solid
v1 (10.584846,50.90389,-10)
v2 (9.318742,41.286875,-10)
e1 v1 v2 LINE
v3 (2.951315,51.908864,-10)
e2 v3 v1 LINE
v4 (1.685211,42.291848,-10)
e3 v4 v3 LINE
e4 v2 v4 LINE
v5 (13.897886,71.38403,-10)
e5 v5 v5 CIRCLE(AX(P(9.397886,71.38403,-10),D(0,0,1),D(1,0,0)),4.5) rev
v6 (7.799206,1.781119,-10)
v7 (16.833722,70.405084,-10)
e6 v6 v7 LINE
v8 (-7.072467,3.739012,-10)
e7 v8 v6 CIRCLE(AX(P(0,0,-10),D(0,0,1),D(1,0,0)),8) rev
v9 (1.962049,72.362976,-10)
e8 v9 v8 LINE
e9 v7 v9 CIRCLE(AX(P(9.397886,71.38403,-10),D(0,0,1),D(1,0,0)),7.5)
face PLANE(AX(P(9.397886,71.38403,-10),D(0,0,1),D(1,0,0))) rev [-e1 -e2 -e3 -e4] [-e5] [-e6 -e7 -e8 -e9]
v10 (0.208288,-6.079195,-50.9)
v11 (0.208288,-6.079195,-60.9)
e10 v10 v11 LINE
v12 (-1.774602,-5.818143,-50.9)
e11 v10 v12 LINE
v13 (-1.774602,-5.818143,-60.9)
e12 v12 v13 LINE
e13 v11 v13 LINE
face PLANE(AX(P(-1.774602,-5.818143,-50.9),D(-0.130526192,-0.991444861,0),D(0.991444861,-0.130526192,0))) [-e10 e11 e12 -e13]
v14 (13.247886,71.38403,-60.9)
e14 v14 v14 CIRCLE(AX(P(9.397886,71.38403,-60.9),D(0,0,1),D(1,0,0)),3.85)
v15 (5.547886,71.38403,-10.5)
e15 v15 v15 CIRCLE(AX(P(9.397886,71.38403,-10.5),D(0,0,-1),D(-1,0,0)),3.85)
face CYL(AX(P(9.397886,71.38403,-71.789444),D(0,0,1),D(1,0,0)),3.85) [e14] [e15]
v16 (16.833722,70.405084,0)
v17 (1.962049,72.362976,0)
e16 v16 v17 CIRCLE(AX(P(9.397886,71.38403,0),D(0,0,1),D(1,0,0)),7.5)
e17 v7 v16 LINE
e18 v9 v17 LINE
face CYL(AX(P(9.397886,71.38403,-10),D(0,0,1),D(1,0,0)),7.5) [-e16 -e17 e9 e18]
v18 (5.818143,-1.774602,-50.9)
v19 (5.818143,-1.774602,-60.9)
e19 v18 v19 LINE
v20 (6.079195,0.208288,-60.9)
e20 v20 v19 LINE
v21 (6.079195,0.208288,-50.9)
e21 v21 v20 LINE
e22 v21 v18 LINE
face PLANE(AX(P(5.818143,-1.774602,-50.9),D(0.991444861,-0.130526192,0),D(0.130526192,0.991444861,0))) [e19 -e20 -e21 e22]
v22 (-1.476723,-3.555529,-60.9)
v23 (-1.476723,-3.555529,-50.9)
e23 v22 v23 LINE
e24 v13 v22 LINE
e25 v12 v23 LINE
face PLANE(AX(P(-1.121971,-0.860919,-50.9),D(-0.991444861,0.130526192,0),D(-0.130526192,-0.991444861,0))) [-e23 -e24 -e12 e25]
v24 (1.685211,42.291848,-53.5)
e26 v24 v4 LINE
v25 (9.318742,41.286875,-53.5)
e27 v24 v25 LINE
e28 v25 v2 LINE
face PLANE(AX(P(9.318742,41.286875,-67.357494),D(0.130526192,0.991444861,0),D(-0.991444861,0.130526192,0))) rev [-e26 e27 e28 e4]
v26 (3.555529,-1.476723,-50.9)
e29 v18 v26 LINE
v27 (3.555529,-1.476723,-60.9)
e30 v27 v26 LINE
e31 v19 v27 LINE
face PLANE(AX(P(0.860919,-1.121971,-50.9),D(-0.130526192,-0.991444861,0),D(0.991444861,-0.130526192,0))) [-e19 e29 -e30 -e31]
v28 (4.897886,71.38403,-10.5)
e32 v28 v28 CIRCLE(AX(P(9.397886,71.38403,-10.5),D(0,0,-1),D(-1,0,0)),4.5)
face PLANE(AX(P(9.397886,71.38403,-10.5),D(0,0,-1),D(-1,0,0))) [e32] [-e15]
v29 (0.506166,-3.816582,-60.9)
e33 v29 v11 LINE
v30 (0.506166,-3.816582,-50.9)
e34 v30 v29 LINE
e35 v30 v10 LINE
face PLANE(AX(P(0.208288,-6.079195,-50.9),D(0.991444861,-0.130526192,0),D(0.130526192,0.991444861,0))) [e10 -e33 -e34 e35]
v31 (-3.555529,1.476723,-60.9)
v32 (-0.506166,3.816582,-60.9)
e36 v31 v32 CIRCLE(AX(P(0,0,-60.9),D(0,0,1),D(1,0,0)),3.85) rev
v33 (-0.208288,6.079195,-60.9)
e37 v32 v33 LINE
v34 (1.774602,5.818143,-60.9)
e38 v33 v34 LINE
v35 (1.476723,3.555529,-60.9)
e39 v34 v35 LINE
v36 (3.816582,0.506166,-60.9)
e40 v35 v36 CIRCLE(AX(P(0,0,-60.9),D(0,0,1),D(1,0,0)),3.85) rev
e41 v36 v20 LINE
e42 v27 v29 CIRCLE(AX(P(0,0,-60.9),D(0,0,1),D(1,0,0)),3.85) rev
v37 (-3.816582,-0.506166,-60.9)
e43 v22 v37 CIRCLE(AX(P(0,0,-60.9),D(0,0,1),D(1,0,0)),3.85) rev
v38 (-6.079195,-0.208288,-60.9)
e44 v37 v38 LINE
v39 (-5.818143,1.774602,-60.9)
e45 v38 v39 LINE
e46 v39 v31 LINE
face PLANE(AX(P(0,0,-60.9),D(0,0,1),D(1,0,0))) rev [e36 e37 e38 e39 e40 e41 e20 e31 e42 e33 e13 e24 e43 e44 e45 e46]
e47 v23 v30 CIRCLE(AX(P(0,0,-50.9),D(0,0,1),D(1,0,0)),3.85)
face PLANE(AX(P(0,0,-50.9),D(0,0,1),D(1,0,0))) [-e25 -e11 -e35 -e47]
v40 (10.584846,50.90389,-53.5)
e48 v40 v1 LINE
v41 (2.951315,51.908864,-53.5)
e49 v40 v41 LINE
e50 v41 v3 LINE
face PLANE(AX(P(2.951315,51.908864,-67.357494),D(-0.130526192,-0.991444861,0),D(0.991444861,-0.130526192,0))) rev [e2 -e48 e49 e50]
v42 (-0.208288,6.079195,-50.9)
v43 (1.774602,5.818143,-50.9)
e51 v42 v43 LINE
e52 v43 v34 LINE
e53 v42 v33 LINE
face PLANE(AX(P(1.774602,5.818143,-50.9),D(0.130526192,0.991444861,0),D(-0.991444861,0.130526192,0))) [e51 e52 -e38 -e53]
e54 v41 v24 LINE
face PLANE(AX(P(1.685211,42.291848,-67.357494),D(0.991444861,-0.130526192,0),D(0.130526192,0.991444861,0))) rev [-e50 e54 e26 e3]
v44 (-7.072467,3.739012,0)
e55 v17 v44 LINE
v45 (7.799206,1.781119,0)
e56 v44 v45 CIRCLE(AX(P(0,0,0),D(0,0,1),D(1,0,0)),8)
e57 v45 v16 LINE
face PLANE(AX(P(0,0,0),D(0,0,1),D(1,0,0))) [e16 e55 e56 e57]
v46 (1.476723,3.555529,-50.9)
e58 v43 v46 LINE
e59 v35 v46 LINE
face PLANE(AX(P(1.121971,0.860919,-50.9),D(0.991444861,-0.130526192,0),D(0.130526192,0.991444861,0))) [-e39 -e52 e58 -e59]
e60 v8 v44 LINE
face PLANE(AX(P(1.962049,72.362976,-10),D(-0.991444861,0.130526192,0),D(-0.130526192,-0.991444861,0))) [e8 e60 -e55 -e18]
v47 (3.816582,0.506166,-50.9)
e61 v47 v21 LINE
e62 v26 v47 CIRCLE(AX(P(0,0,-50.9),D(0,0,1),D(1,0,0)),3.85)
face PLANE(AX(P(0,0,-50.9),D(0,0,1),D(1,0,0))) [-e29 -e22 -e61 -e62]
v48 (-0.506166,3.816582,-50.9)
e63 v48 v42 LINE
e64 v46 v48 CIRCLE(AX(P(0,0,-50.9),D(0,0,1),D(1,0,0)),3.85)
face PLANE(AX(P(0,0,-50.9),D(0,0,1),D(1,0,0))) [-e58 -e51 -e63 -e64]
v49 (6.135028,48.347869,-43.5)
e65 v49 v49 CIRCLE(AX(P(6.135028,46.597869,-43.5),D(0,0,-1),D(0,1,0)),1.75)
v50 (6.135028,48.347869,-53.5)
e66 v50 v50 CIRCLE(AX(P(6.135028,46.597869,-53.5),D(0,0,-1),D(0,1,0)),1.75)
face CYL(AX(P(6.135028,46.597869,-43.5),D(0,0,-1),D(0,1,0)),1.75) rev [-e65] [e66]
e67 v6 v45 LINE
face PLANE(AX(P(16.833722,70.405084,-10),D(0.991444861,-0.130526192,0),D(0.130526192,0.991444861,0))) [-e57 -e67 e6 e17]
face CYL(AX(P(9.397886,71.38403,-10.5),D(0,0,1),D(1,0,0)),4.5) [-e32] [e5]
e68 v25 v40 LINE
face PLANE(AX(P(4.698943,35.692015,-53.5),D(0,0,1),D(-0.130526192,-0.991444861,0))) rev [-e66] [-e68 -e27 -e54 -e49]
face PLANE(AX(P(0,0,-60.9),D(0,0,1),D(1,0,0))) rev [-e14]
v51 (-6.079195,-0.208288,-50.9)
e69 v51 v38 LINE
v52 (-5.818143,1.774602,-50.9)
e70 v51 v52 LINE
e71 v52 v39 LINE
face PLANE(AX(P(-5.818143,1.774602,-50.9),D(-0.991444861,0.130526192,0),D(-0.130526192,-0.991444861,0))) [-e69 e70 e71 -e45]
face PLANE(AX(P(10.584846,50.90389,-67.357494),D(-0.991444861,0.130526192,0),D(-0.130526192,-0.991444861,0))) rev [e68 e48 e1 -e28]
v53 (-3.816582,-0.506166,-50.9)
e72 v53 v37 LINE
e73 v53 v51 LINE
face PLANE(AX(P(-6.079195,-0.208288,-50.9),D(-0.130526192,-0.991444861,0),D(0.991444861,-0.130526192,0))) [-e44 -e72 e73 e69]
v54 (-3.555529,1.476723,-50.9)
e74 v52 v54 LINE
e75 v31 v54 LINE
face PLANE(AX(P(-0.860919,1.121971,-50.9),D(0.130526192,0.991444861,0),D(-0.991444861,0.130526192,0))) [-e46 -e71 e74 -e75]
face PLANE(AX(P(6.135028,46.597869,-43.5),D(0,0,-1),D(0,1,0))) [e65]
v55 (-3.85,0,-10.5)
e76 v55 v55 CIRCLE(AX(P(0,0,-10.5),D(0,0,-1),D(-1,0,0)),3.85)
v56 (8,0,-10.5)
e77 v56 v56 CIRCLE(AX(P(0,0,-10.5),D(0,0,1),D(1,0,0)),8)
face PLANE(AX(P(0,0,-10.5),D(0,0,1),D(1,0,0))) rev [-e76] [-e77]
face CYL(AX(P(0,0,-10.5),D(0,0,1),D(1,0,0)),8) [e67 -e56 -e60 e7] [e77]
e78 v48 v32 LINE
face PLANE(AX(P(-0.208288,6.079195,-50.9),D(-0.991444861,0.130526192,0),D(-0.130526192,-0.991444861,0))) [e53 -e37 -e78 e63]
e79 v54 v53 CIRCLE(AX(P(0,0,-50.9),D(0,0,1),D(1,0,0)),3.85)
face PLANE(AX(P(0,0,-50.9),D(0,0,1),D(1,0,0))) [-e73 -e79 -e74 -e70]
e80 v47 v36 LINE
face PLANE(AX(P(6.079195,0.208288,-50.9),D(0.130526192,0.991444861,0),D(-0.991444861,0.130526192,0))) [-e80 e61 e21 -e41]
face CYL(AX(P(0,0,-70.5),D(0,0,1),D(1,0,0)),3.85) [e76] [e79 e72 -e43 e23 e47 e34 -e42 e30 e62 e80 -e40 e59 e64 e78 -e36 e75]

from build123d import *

# Parameters (mm, degrees)
SKETCH1_R           = 8
BOSS_EXTRUDE1_DEPTH = 10.5
SKETCH2_R           = 3.85
BOSS_EXTRUDE2_DEPTH = 60
BOSS_EXTRUDE3_START = -9.6
BOSS_EXTRUDE3_DEPTH = 10
CUT_EXTRUDE1_START  = -9.6
SKETCH6_R           = 3.85
CUT_EXTRUDE1_DEPTH  = 9.6
BOSS_EXTRUDE4_DEPTH = 10
SKETCH8_R           = 4.5
BOSS_EXTRUDE5_DEPTH = 0.5
SKETCH9_R           = 3.85
BOSS_EXTRUDE6_DEPTH = 50.4
BOSS_EXTRUDE7_DEPTH = 43.5
SKETCH12_R          = 1.75
CUT_EXTRUDE2_DEPTH  = 10


with BuildPart() as part:
    # Sketch1 → Boss-Extrude1 (new body)
    with BuildSketch(Plane.XY):
        Circle(SKETCH1_R)
    extrude(amount=-BOSS_EXTRUDE1_DEPTH)

    # Sketch2 → Boss-Extrude2 (add)
    with BuildSketch(Plane(origin=(0, 0, -10.5), x_dir=(-1, 0, 0), z_dir=(0, 0, -1))):
        Circle(SKETCH2_R)
    extrude(amount=BOSS_EXTRUDE2_DEPTH)

    # Sketch3 → Boss-Extrude3 (add)
    with BuildSketch(Plane(origin=(0, 0, -70.5), x_dir=(-1, 0, 0), z_dir=(0, 0, -1)).offset(BOSS_EXTRUDE3_START)):
        Polygon((-6.07919536, 0.208287708), (-1.121971054, 0.860918669), (-1.774602015, 5.818142976), (0.208287708, 6.07919536), (0.860918669, 1.121971054), (5.818142976, 1.774602015), (6.07919536, -0.208287708), (1.121971054, -0.860918669), (1.774602015, -5.818142976), (-0.208287708, -6.07919536), (-0.860918669, -1.121971054), (-5.818142976, -1.774602015), align=None)
    extrude(amount=-BOSS_EXTRUDE3_DEPTH)

    # Sketch6 → Cut-Extrude1 (cut)
    with BuildSketch(Plane(origin=(0, 0, -70.5), x_dir=(-1, 0, 0), z_dir=(0, 0, -1)).offset(CUT_EXTRUDE1_START)):
        with Locations(Location((0, 0, 0), (0, 0, 172.44534936))):
            Circle(SKETCH6_R)
    extrude(amount=CUT_EXTRUDE1_DEPTH, mode=Mode.SUBTRACT)

    # Sketch7 → Boss-Extrude4 (add)
    with BuildSketch(Plane.XY):
        with BuildLine():
            Line((1.96204938, 72.362976461), (-7.07246692, 3.739012125))
            Line((-7.07246692, 3.739012125), (7.799206001, 1.781119242))
            Line((7.799206001, 1.781119242), (16.8337223, 70.405083577))
            ThreePointArc((16.8337223, 70.405083577), (10.376832281, 78.819866479), (1.96204938, 72.362976461))
        make_face()
    extrude(amount=-BOSS_EXTRUDE4_DEPTH)

    # Sketch8 → Boss-Extrude5 (add)
    with BuildSketch(Plane(origin=(0, 0, -10), x_dir=(-1, 0, 0), z_dir=(0, 0, -1))):
        with Locations(Location((-9.39788584, 71.384030019, 0), (0, 0, 180))):
            Circle(SKETCH8_R)
    extrude(amount=BOSS_EXTRUDE5_DEPTH)

    # Sketch9 → Boss-Extrude6 (add)
    with BuildSketch(Plane(origin=(0, 0, -10.5), x_dir=(-1, 0, 0), z_dir=(0, 0, -1))):
        with Locations(Location((-9.39788584, 71.384030019, 0), (0, 0, 180))):
            Circle(SKETCH9_R)
    extrude(amount=BOSS_EXTRUDE6_DEPTH)

    # Sketch11 → Boss-Extrude7 (add)
    with BuildSketch(Plane(origin=(0, 0, -10), x_dir=(-1, 0, 0), z_dir=(0, 0, -1))):
        Polygon((-2.951315217, 51.908863587), (-10.584845783, 50.903890222), (-9.318741718, 41.286875067), (-1.685211153, 42.291848431), align=None)
    extrude(amount=BOSS_EXTRUDE7_DEPTH)

    # Sketch12 → Cut-Extrude2 (cut)
    with BuildSketch(Plane(origin=(0, 0, -53.5), x_dir=(-1, 0, 0), z_dir=(0, 0, -1))):
        with Locations(Location((-6.135028468, 46.597869327, 0), (0, 0, 90))):
            Circle(SKETCH12_R)
    extrude(amount=-CUT_EXTRUDE2_DEPTH, mode=Mode.SUBTRACT)


solid = part.part
